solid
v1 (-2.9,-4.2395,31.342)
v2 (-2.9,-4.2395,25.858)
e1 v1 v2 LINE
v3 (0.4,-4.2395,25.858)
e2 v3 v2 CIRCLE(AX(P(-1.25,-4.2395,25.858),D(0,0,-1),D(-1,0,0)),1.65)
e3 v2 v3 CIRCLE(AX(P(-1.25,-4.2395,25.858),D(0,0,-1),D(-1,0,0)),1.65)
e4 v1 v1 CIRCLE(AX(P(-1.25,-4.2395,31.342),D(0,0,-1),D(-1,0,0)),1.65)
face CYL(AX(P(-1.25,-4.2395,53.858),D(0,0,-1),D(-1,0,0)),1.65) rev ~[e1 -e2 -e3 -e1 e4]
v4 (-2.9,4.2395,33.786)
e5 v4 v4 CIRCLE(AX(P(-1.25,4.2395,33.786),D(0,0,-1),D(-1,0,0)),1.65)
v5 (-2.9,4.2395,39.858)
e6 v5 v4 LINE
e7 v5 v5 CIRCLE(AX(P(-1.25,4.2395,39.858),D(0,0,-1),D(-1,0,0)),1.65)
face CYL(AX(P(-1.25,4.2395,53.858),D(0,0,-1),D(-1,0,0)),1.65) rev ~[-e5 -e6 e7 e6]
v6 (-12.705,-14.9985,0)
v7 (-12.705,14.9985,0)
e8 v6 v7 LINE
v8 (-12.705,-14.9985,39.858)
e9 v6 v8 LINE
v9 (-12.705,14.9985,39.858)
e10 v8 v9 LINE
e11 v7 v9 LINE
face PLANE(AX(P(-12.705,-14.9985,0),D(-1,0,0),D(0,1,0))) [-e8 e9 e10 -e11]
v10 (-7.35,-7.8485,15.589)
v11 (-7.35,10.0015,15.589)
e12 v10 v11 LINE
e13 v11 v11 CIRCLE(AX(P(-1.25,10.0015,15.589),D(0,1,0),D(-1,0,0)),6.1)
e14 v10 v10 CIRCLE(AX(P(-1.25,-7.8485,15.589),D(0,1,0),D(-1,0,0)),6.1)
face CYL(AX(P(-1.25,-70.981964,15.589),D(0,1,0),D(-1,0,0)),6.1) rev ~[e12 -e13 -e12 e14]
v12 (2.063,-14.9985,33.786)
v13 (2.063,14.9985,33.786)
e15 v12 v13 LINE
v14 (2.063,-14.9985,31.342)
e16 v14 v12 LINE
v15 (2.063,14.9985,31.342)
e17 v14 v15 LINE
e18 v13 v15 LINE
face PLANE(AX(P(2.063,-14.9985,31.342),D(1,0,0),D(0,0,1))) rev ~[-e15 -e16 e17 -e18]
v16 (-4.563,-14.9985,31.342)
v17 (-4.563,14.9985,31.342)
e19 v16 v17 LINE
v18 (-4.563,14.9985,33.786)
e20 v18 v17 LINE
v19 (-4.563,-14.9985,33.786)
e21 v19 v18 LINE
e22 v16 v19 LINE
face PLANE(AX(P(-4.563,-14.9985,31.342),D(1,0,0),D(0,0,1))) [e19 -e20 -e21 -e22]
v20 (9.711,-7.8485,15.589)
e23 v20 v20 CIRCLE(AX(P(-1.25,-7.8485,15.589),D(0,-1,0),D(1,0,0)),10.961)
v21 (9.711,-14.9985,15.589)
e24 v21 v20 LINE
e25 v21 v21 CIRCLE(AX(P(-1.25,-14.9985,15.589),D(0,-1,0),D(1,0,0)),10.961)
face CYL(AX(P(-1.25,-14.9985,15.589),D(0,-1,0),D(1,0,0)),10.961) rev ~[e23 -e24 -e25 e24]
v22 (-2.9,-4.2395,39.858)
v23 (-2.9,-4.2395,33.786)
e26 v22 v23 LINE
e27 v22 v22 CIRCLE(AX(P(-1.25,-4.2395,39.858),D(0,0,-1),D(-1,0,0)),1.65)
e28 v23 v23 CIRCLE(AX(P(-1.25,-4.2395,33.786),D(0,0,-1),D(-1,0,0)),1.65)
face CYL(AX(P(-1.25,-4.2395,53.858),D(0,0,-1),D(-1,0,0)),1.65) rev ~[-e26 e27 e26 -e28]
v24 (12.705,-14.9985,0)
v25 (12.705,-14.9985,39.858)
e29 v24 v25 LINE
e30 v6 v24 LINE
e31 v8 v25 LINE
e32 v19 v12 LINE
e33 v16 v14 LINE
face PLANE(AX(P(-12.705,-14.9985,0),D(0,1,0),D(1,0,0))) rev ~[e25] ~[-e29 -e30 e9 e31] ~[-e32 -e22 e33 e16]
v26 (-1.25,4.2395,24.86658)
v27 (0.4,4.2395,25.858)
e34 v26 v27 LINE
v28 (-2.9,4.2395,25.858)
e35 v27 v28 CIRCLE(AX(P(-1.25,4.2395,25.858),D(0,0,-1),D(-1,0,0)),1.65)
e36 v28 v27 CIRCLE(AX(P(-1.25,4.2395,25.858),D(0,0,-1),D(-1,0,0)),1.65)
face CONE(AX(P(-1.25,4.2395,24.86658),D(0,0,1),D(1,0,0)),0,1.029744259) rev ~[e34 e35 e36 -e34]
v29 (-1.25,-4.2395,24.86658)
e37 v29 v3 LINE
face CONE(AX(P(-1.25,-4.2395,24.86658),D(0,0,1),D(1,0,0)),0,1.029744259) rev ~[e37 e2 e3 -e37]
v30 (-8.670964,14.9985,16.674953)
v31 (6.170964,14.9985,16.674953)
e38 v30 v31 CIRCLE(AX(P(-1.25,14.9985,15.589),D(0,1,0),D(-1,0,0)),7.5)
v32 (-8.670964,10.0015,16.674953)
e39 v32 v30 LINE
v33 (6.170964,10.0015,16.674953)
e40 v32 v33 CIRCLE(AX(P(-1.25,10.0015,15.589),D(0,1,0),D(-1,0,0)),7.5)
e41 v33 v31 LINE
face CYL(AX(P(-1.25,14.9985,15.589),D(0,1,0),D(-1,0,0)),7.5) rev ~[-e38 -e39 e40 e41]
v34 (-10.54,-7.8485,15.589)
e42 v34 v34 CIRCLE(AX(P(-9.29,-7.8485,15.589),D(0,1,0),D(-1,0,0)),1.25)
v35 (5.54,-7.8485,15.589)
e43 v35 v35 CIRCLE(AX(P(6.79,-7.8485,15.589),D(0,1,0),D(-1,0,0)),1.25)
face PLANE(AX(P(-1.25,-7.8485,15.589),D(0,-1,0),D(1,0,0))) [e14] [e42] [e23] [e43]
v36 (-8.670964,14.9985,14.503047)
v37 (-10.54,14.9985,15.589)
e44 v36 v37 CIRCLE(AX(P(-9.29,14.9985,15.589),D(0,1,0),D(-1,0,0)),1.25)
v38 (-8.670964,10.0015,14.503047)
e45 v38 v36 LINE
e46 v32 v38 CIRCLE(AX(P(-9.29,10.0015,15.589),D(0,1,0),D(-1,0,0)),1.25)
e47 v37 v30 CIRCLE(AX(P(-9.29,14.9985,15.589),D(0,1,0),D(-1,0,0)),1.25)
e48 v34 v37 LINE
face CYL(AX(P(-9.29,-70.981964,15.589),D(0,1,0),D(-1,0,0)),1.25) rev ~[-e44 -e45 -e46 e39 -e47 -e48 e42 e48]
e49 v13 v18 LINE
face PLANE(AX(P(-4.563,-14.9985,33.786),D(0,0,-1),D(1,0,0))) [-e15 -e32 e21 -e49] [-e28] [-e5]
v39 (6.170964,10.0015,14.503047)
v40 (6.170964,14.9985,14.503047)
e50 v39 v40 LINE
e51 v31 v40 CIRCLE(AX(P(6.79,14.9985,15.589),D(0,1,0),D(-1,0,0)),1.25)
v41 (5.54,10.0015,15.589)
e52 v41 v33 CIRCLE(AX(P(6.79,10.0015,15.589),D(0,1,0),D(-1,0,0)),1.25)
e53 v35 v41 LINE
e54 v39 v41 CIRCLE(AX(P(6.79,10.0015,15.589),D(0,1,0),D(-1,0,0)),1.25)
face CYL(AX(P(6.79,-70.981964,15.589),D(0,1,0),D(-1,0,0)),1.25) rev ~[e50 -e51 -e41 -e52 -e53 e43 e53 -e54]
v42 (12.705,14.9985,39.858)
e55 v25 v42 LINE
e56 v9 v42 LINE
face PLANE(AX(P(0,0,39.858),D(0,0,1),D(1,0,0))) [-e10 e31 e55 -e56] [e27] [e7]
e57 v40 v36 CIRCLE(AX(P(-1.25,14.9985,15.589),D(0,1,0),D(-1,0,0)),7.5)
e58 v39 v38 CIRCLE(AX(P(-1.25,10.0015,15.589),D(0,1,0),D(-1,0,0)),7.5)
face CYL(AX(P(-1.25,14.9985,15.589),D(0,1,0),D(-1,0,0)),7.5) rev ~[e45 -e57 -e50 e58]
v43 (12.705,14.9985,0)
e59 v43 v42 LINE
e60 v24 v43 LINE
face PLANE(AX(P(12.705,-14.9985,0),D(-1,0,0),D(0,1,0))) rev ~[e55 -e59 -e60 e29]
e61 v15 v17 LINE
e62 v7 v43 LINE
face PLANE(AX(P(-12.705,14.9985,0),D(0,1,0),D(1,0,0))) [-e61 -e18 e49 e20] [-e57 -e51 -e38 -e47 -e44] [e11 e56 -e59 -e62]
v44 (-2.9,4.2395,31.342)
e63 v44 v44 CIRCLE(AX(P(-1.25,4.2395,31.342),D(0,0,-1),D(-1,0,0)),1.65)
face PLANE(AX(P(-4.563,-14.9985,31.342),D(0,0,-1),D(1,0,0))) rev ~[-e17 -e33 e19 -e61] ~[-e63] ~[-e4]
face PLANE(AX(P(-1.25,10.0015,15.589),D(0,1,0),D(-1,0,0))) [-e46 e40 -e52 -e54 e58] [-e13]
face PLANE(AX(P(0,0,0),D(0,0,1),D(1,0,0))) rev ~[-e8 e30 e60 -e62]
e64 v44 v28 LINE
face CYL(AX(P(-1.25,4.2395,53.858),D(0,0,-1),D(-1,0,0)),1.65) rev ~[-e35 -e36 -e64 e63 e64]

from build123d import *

# Parameters (mm, degrees)
F0_W      = 25.41
F0_H      = 29.997
F1_DEPTH  = 39.858
F4_D      = 3.3
F4_DEPTH  = 14
F4_TIP    = 0.9914200214
F3_W      = 6.626
F3_H      = 2.444
F5_DEPTH  = 29.998
F6_D      = 12.2
F7_D      = 2.5
F3_R      = 10.961
F8_DEPTH  = 7.15
F9_R      = 7.5
F10_DEPTH = 4.997


with BuildPart() as f1:
    # F0 (on Top) → F1 (new body)
    with BuildSketch(Plane.XY):
        Rectangle(F0_W, F0_H)
    extrude(amount=F1_DEPTH)

    # F4
    with Locations(Plane.XY.offset(39.858)):
        with Locations((-1.25, 4.2395), (-1.25, -4.2395)):
            Hole(F4_D / 2, depth=F4_DEPTH)
            with Locations((0, 0, -(F4_DEPTH + F4_TIP / 2))):  # 118° drill point
                Cone(0, F4_D / 2, F4_TIP, mode=Mode.SUBTRACT)

    # F3 (on face) → F5 (cut, through all)
    with BuildSketch(Plane.XZ.offset(14.9985)):
        with Locations((-1.25, 32.564)):
            Rectangle(F3_W, F3_H)
    extrude(amount=-F5_DEPTH, mode=Mode.SUBTRACT)

    # F6 (through all)
    with Locations(Plane.XZ.offset(14.9985)):
        with Locations((-1.25, 15.589)):
            Hole(F6_D / 2)

    # F7 (through all)
    with Locations(Plane.XZ.offset(14.9985)):
        with Locations((-9.29, 15.589), (6.79, 15.589)):
            Hole(F7_D / 2)

    # F3 (on face) → F8 (cut)
    with BuildSketch(Plane.XZ.offset(14.9985)):
        with Locations((-1.25, 15.589)):
            Circle(F3_R)
    extrude(amount=-F8_DEPTH, mode=Mode.SUBTRACT)

    # F9 (on face) → F10 (cut)
    with BuildSketch(Plane(origin=(0, 14.9985, 0), x_dir=(-1, 0, 0), z_dir=(0, 1, 0))):
        with Locations((1.25, 15.589)):
            Circle(F9_R)
    extrude(amount=-F10_DEPTH, mode=Mode.SUBTRACT)


solid = f1.part
